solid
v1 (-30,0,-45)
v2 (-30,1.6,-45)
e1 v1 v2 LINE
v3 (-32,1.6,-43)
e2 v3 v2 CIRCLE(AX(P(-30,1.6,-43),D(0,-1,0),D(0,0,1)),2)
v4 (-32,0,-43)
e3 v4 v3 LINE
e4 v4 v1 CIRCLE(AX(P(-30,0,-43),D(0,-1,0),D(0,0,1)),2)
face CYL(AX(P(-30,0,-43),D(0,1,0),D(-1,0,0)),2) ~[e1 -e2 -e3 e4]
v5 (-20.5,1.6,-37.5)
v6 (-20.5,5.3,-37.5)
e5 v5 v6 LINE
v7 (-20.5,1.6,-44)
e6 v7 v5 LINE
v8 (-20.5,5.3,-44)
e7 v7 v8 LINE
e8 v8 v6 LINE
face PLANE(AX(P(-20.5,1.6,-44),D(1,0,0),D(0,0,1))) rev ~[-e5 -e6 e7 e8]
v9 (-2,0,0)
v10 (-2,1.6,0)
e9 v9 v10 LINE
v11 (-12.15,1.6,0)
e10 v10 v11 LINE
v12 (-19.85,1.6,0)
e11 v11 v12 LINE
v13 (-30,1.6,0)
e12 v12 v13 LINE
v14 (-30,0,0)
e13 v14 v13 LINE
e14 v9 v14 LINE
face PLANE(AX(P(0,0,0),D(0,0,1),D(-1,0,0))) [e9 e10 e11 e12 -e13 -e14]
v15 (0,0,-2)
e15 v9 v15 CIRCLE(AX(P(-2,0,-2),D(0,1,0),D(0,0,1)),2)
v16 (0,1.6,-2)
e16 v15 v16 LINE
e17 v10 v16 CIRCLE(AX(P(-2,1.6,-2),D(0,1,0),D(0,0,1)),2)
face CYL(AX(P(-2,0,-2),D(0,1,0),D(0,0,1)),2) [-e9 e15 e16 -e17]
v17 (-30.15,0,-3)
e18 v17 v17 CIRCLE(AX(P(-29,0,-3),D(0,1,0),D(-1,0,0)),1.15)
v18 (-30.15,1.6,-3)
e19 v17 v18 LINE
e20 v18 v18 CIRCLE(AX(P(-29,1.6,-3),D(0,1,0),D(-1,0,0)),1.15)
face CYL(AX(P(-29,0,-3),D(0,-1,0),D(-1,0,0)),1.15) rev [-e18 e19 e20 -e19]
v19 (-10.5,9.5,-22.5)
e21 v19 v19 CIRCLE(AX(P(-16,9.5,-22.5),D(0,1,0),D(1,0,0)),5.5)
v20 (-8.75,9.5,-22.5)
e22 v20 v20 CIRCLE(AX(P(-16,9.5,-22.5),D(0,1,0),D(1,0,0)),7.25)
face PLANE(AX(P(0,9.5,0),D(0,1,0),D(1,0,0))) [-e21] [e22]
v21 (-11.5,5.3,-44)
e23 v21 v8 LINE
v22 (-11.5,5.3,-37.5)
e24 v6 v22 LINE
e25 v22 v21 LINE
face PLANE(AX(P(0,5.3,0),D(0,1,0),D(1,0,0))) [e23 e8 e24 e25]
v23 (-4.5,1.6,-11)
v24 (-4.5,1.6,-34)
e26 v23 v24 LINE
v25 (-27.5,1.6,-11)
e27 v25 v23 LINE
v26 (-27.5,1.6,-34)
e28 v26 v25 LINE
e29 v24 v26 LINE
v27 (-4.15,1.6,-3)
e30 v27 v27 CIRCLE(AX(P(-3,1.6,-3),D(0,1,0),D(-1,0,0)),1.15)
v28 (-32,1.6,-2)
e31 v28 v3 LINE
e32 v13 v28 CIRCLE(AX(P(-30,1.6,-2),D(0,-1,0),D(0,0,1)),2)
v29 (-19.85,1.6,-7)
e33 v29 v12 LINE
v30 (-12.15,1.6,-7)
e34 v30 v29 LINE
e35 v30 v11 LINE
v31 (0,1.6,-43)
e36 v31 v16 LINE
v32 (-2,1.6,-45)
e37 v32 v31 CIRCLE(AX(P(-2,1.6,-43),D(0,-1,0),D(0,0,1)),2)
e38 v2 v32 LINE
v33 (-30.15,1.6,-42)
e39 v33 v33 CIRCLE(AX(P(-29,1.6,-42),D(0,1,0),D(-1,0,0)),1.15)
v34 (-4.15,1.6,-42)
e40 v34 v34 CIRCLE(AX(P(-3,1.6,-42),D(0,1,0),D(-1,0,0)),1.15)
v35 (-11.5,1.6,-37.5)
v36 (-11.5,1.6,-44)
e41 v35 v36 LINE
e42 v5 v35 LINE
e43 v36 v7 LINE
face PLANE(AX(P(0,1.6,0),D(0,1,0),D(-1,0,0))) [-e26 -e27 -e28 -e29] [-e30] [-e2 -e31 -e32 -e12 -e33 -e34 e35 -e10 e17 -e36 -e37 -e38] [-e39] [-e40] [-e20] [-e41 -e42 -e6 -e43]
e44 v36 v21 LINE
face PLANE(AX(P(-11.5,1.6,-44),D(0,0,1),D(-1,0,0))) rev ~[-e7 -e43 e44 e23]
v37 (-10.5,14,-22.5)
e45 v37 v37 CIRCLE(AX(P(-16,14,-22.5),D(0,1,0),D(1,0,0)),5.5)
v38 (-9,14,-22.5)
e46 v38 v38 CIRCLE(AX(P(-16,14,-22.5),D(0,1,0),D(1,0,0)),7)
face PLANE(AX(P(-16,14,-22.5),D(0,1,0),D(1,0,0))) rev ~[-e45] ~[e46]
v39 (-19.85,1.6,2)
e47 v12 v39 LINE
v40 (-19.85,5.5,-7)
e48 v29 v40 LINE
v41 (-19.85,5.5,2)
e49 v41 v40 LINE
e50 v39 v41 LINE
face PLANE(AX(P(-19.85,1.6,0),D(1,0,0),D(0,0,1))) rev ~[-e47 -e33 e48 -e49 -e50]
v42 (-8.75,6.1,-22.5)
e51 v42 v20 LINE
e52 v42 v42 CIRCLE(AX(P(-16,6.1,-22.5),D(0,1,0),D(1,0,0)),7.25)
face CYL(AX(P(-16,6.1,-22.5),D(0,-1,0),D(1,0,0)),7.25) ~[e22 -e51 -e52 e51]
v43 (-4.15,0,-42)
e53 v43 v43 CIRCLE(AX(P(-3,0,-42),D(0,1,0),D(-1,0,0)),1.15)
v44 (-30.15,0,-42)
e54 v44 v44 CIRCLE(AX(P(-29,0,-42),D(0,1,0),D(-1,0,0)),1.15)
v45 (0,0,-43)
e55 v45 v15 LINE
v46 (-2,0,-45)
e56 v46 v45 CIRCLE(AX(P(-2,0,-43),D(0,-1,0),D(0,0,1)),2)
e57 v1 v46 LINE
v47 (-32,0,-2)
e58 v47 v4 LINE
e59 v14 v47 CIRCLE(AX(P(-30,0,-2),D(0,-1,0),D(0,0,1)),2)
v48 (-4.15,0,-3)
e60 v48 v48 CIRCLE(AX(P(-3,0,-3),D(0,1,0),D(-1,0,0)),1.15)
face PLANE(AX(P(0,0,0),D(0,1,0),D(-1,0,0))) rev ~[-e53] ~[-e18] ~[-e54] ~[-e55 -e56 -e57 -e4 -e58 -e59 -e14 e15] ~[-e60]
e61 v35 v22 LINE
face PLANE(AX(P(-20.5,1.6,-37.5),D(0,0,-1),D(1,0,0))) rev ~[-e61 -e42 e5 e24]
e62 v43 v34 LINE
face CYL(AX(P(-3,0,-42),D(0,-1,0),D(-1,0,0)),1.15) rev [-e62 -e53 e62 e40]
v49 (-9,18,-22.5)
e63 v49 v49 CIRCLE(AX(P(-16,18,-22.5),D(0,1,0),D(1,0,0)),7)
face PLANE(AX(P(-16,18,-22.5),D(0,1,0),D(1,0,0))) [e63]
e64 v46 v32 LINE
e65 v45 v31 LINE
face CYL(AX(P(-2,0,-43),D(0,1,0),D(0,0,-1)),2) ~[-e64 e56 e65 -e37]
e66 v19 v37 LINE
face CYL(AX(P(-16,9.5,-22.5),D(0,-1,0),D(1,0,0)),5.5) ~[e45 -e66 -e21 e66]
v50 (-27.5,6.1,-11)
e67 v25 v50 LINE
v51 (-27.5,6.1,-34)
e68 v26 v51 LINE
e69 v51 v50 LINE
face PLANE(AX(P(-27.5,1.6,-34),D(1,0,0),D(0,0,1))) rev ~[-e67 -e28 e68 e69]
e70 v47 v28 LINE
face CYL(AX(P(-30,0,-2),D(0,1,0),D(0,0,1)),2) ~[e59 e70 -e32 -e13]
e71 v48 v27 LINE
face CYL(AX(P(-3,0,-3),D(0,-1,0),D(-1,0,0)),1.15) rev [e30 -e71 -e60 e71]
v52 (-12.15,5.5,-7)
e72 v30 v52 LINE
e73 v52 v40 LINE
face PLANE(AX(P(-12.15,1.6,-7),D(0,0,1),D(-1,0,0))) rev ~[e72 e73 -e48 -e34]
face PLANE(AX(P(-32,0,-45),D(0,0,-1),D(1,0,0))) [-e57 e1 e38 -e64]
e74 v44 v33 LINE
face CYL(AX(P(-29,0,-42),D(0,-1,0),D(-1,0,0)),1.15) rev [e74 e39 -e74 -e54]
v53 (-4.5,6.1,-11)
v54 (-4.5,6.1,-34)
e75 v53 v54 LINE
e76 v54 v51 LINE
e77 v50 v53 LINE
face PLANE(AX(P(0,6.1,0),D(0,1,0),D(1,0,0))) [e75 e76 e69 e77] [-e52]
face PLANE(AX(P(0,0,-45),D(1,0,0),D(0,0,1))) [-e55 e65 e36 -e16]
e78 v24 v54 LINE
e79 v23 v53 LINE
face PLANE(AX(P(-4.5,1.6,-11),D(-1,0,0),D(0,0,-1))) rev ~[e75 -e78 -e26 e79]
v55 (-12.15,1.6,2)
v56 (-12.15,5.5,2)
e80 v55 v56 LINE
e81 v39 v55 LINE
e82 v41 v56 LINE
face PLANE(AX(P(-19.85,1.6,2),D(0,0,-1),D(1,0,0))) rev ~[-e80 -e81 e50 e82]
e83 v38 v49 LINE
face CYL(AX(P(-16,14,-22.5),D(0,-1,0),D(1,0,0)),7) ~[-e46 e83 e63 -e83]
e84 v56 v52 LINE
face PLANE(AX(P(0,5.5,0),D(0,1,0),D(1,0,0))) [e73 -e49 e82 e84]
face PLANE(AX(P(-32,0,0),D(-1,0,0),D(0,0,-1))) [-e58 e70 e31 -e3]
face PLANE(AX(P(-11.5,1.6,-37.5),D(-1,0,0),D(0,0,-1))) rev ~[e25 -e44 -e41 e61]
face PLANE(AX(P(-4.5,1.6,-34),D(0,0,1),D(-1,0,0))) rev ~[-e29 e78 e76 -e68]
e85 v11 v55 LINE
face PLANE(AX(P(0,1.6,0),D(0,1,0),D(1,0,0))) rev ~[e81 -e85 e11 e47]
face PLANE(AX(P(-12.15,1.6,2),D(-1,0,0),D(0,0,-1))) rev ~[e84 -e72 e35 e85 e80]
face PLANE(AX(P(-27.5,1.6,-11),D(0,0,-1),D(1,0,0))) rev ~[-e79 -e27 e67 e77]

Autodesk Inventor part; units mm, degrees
ref_plane "YZ Plane" through (0, 0, 0) normal (1, 0, 0) x (0, 1, 0)
ref_plane "XZ Plane" through (0, 0, 0) normal (0, 1, 0) x (-1, 0, 0)
ref_plane "XY Plane" through (0, 0, 0) normal (0, 0, 1) x (1, 0, 0)
sketch "スケッチ1" plane through (0, 0, 0) normal (0, 1, 0) x (-1, 0, 0)
  line L0 (0, 0) -> (32, 0)
  line L1 (32, 0) -> (32, -45)
  line L2 (32, -45) -> (0, -45)
  line L3 (0, -45) -> (0, 0)
  circle A0 centre (29, -3) radius 1.15
  circle A1 centre (29, -42) radius 1.15
  circle A2 centre (3, -3) radius 1.15
  circle A3 centre (3, -42) radius 1.15
  dimension "d0" = 45
  dimension "d1" = 32
  dimension "d2" = 2.3
  dimension "d3" = 2.3
  dimension "d4" = 2.3
  dimension "d5" = 2.3
  dimension "d16" = 39
  dimension "d17" = 26
  dimension "d18" = 3
  dimension "d19" = 3
  dimension "d20" = 26
  dimension "d21" = 39
extrude "押し出し1" add sketch "スケッチ1" along normal blind 1.6
sketch "スケッチ2" plane through (0, 1.6, 0) normal (0, 1, 0) x (1, 0, 0)
  line L0 (-20.5, 37.5) -> (-11.5, 37.5)
  line L1 (-11.5, 37.5) -> (-11.5, 44)
  line L2 (-11.5, 44) -> (-20.5, 44)
  line L3 (-20.5, 44) -> (-20.5, 37.5)
  line L4 (-19.85, -2) -> (-12.15, -2)
  line L5 (-12.15, -2) -> (-12.15, 7)
  line L6 (-12.15, 7) -> (-19.85, 7)
  line L7 (-19.85, 7) -> (-19.85, -2)
  line L8 (-27.5, 11) -> (-4.5, 11)
  line L9 (-4.5, 11) -> (-4.5, 34)
  line L10 (-4.5, 34) -> (-27.5, 34)
  line L11 (-27.5, 34) -> (-27.5, 11)
  line L12 (0, 45) -> (-32, 45) projected
  line L13 (-32, 0) -> (0, 0) projected
  line L14 (-16, 0) -> (-16, 45) construction
  line L15 (-1.3785, 22.5) -> (-33.3785, 22.5) construction
  line L16 (-32, 45) -> (-32, 0) projected
  dimension "d22" = 9
  dimension "d23" = 7.7
  dimension "d25" = 23
  dimension "d26" = 23
  dimension "d27" = 9
  dimension "d28" = 6.5
  dimension "d29" = 1
  dimension "d30" = 2
  dimension "d31" = 11.5
  dimension "d32" = 11.5
  dimension "d33" = 3.85
  dimension "d34" = 4.5
  dimension "d35" = 22.5
  dimension "d36" = 45
fillet "フィレット1" radius 2 4 edges at (-32, 0.8, -45) (0, 0.8, -45) (-32, 0.8, 0) (0, 0.8, 0)
extrude "押し出し2" add sketch "スケッチ2" along normal blind 3.9 contours L7 L13 L5 L4 | L7 L6 L5 L13
sketch "スケッチ3" plane through (0, 1.6, 0) normal (0, 1, 0) x (1, 0, 0)
  line L0 (-20.5, 37.5) -> (-11.5, 37.5)
  line L1 (-11.5, 37.5) -> (-11.5, 44)
  line L2 (-11.5, 44) -> (-20.5, 44)
  line L3 (-20.5, 44) -> (-20.5, 37.5)
  line L4 (-19.85, -2) -> (-12.15, -2)
  line L5 (-12.15, -2) -> (-12.15, 7)
  line L6 (-12.15, 7) -> (-19.85, 7)
  line L7 (-19.85, 7) -> (-19.85, -2)
  line L8 (-27.5, 11) -> (-4.5, 11)
  line L9 (-4.5, 11) -> (-4.5, 34)
  line L10 (-4.5, 34) -> (-27.5, 34)
  line L11 (-27.5, 34) -> (-27.5, 11)
  line L12 (0, 45) -> (-32, 45)
  line L13 (-32, 0) -> (0, 0)
  line L14 (-16, 0) -> (-16, 45) construction
  line L15 (-1.3785, 22.5) -> (-33.3785, 22.5) construction
  line L16 (-32, 45) -> (-32, 0)
  dimension "d39" = 9
  dimension "d40" = 7.7
  dimension "d41" = 23
  dimension "d42" = 23
  dimension "d43" = 9
  dimension "d44" = 6.5
  dimension "d45" = 1
  dimension "d46" = 2
  dimension "d47" = 11.5
  dimension "d48" = 11.5
  dimension "d49" = 3.85
  dimension "d50" = 4.5
  dimension "d51" = 22.5
  dimension "d52" = 45
extrude "押し出し3" add sketch "スケッチ3" along normal blind 3.7 contours L3 L2 L1 L0
sketch "スケッチ4" plane through (0, 1.6, 0) normal (0, 1, 0) x (1, 0, 0)
  line L0 (-20.5, 37.5) -> (-11.5, 37.5)
  line L1 (-11.5, 37.5) -> (-11.5, 44)
  line L2 (-11.5, 44) -> (-20.5, 44)
  line L3 (-20.5, 44) -> (-20.5, 37.5)
  line L4 (-19.85, -2) -> (-12.15, -2)
  line L5 (-12.15, -2) -> (-12.15, 7)
  line L6 (-12.15, 7) -> (-19.85, 7)
  line L7 (-19.85, 7) -> (-19.85, -2)
  line L8 (-27.5, 11) -> (-4.5, 11)
  line L9 (-4.5, 11) -> (-4.5, 34)
  line L10 (-4.5, 34) -> (-27.5, 34)
  line L11 (-27.5, 34) -> (-27.5, 11)
  line L12 (0, 45) -> (-32, 45)
  line L13 (-32, 0) -> (0, 0)
  line L14 (-16, 0) -> (-16, 45) construction
  line L15 (-1.3785, 22.5) -> (-33.3785, 22.5) construction
  line L16 (-32, 45) -> (-32, 0)
  dimension "d55" = 9
  dimension "d56" = 7.7
  dimension "d57" = 23
  dimension "d58" = 23
  dimension "d59" = 9
  dimension "d60" = 6.5
  dimension "d61" = 1
  dimension "d62" = 2
  dimension "d63" = 11.5
  dimension "d64" = 11.5
  dimension "d65" = 3.85
  dimension "d66" = 4.5
  dimension "d67" = 22.5
  dimension "d68" = 45
extrude "押し出し4" add sketch "スケッチ4" along normal blind 4.5 contours L11 L10 L9 L8
sketch "スケッチ5" plane through (0, 6.1, 0) normal (0, 1, 0) x (1, 0, 0)
  circle A0 centre (-16, 22.5) radius 7.25
  line L0 (0, 2) -> (0, 43) projected
  point P0 (0, 0)
  dimension "d71" = 14.5
  dimension "d72" = 22.5
  dimension "d73" = 16
extrude "押し出し5" add sketch "スケッチ5" along normal blind 3.4
sketch "スケッチ6" plane through (-16, 9.5, -22.5) normal (0, 1, 0) x (1, 0, 0)
  circle A0 centre (0, 0) radius 5.5
  circle A1 centre (0, 0) radius 7.25 projected
  point P0 (16, -22.5)
  dimension "d76" = 11
extrude "押し出し6" add sketch "スケッチ6" along normal blind 4.5 contours A0
sketch "スケッチ7" plane through (-16, 14, -22.5) normal (0, 1, 0) x (1, 0, 0)
  circle A0 centre (0, 0) radius 7
  circle A1 centre (0, 0) radius 5.5 projected
  point P0 (16, -22.5)
  dimension "d79" = 14
extrude "押し出し7" add sketch "スケッチ7" along normal blind 4 contours A0 | A1
equation "\"d3\" = d2"
equation "\"d4\" = d2"
equation "\"d5\" = d2"
equation "\"d20\" = d17"
equation "\"d21\" = d16"
equation "\"d31\" = 0.5 * d25"
equation "\"d32\" = 0.5 * d26"
equation "\"d33\" = 0.5 * d23"
equation "\"d34\" = 0.5 * d22"
equation "\"d35\" = 0.5 * d36"
equation "\"d47\" = 0.5 * d41"
equation "\"d48\" = 0.5 * d42"
equation "\"d49\" = 0.5 * d40"
equation "\"d50\" = 0.5 * d39"
equation "\"d51\" = 0.5 * d52"
equation "\"d63\" = 0.5 * d57"
equation "\"d64\" = 0.5 * d58"
equation "\"d65\" = 0.5 * d56"
equation "\"d66\" = 0.5 * d55"
equation "\"d67\" = 0.5 * d68"
properties part number "KCSU5380"
